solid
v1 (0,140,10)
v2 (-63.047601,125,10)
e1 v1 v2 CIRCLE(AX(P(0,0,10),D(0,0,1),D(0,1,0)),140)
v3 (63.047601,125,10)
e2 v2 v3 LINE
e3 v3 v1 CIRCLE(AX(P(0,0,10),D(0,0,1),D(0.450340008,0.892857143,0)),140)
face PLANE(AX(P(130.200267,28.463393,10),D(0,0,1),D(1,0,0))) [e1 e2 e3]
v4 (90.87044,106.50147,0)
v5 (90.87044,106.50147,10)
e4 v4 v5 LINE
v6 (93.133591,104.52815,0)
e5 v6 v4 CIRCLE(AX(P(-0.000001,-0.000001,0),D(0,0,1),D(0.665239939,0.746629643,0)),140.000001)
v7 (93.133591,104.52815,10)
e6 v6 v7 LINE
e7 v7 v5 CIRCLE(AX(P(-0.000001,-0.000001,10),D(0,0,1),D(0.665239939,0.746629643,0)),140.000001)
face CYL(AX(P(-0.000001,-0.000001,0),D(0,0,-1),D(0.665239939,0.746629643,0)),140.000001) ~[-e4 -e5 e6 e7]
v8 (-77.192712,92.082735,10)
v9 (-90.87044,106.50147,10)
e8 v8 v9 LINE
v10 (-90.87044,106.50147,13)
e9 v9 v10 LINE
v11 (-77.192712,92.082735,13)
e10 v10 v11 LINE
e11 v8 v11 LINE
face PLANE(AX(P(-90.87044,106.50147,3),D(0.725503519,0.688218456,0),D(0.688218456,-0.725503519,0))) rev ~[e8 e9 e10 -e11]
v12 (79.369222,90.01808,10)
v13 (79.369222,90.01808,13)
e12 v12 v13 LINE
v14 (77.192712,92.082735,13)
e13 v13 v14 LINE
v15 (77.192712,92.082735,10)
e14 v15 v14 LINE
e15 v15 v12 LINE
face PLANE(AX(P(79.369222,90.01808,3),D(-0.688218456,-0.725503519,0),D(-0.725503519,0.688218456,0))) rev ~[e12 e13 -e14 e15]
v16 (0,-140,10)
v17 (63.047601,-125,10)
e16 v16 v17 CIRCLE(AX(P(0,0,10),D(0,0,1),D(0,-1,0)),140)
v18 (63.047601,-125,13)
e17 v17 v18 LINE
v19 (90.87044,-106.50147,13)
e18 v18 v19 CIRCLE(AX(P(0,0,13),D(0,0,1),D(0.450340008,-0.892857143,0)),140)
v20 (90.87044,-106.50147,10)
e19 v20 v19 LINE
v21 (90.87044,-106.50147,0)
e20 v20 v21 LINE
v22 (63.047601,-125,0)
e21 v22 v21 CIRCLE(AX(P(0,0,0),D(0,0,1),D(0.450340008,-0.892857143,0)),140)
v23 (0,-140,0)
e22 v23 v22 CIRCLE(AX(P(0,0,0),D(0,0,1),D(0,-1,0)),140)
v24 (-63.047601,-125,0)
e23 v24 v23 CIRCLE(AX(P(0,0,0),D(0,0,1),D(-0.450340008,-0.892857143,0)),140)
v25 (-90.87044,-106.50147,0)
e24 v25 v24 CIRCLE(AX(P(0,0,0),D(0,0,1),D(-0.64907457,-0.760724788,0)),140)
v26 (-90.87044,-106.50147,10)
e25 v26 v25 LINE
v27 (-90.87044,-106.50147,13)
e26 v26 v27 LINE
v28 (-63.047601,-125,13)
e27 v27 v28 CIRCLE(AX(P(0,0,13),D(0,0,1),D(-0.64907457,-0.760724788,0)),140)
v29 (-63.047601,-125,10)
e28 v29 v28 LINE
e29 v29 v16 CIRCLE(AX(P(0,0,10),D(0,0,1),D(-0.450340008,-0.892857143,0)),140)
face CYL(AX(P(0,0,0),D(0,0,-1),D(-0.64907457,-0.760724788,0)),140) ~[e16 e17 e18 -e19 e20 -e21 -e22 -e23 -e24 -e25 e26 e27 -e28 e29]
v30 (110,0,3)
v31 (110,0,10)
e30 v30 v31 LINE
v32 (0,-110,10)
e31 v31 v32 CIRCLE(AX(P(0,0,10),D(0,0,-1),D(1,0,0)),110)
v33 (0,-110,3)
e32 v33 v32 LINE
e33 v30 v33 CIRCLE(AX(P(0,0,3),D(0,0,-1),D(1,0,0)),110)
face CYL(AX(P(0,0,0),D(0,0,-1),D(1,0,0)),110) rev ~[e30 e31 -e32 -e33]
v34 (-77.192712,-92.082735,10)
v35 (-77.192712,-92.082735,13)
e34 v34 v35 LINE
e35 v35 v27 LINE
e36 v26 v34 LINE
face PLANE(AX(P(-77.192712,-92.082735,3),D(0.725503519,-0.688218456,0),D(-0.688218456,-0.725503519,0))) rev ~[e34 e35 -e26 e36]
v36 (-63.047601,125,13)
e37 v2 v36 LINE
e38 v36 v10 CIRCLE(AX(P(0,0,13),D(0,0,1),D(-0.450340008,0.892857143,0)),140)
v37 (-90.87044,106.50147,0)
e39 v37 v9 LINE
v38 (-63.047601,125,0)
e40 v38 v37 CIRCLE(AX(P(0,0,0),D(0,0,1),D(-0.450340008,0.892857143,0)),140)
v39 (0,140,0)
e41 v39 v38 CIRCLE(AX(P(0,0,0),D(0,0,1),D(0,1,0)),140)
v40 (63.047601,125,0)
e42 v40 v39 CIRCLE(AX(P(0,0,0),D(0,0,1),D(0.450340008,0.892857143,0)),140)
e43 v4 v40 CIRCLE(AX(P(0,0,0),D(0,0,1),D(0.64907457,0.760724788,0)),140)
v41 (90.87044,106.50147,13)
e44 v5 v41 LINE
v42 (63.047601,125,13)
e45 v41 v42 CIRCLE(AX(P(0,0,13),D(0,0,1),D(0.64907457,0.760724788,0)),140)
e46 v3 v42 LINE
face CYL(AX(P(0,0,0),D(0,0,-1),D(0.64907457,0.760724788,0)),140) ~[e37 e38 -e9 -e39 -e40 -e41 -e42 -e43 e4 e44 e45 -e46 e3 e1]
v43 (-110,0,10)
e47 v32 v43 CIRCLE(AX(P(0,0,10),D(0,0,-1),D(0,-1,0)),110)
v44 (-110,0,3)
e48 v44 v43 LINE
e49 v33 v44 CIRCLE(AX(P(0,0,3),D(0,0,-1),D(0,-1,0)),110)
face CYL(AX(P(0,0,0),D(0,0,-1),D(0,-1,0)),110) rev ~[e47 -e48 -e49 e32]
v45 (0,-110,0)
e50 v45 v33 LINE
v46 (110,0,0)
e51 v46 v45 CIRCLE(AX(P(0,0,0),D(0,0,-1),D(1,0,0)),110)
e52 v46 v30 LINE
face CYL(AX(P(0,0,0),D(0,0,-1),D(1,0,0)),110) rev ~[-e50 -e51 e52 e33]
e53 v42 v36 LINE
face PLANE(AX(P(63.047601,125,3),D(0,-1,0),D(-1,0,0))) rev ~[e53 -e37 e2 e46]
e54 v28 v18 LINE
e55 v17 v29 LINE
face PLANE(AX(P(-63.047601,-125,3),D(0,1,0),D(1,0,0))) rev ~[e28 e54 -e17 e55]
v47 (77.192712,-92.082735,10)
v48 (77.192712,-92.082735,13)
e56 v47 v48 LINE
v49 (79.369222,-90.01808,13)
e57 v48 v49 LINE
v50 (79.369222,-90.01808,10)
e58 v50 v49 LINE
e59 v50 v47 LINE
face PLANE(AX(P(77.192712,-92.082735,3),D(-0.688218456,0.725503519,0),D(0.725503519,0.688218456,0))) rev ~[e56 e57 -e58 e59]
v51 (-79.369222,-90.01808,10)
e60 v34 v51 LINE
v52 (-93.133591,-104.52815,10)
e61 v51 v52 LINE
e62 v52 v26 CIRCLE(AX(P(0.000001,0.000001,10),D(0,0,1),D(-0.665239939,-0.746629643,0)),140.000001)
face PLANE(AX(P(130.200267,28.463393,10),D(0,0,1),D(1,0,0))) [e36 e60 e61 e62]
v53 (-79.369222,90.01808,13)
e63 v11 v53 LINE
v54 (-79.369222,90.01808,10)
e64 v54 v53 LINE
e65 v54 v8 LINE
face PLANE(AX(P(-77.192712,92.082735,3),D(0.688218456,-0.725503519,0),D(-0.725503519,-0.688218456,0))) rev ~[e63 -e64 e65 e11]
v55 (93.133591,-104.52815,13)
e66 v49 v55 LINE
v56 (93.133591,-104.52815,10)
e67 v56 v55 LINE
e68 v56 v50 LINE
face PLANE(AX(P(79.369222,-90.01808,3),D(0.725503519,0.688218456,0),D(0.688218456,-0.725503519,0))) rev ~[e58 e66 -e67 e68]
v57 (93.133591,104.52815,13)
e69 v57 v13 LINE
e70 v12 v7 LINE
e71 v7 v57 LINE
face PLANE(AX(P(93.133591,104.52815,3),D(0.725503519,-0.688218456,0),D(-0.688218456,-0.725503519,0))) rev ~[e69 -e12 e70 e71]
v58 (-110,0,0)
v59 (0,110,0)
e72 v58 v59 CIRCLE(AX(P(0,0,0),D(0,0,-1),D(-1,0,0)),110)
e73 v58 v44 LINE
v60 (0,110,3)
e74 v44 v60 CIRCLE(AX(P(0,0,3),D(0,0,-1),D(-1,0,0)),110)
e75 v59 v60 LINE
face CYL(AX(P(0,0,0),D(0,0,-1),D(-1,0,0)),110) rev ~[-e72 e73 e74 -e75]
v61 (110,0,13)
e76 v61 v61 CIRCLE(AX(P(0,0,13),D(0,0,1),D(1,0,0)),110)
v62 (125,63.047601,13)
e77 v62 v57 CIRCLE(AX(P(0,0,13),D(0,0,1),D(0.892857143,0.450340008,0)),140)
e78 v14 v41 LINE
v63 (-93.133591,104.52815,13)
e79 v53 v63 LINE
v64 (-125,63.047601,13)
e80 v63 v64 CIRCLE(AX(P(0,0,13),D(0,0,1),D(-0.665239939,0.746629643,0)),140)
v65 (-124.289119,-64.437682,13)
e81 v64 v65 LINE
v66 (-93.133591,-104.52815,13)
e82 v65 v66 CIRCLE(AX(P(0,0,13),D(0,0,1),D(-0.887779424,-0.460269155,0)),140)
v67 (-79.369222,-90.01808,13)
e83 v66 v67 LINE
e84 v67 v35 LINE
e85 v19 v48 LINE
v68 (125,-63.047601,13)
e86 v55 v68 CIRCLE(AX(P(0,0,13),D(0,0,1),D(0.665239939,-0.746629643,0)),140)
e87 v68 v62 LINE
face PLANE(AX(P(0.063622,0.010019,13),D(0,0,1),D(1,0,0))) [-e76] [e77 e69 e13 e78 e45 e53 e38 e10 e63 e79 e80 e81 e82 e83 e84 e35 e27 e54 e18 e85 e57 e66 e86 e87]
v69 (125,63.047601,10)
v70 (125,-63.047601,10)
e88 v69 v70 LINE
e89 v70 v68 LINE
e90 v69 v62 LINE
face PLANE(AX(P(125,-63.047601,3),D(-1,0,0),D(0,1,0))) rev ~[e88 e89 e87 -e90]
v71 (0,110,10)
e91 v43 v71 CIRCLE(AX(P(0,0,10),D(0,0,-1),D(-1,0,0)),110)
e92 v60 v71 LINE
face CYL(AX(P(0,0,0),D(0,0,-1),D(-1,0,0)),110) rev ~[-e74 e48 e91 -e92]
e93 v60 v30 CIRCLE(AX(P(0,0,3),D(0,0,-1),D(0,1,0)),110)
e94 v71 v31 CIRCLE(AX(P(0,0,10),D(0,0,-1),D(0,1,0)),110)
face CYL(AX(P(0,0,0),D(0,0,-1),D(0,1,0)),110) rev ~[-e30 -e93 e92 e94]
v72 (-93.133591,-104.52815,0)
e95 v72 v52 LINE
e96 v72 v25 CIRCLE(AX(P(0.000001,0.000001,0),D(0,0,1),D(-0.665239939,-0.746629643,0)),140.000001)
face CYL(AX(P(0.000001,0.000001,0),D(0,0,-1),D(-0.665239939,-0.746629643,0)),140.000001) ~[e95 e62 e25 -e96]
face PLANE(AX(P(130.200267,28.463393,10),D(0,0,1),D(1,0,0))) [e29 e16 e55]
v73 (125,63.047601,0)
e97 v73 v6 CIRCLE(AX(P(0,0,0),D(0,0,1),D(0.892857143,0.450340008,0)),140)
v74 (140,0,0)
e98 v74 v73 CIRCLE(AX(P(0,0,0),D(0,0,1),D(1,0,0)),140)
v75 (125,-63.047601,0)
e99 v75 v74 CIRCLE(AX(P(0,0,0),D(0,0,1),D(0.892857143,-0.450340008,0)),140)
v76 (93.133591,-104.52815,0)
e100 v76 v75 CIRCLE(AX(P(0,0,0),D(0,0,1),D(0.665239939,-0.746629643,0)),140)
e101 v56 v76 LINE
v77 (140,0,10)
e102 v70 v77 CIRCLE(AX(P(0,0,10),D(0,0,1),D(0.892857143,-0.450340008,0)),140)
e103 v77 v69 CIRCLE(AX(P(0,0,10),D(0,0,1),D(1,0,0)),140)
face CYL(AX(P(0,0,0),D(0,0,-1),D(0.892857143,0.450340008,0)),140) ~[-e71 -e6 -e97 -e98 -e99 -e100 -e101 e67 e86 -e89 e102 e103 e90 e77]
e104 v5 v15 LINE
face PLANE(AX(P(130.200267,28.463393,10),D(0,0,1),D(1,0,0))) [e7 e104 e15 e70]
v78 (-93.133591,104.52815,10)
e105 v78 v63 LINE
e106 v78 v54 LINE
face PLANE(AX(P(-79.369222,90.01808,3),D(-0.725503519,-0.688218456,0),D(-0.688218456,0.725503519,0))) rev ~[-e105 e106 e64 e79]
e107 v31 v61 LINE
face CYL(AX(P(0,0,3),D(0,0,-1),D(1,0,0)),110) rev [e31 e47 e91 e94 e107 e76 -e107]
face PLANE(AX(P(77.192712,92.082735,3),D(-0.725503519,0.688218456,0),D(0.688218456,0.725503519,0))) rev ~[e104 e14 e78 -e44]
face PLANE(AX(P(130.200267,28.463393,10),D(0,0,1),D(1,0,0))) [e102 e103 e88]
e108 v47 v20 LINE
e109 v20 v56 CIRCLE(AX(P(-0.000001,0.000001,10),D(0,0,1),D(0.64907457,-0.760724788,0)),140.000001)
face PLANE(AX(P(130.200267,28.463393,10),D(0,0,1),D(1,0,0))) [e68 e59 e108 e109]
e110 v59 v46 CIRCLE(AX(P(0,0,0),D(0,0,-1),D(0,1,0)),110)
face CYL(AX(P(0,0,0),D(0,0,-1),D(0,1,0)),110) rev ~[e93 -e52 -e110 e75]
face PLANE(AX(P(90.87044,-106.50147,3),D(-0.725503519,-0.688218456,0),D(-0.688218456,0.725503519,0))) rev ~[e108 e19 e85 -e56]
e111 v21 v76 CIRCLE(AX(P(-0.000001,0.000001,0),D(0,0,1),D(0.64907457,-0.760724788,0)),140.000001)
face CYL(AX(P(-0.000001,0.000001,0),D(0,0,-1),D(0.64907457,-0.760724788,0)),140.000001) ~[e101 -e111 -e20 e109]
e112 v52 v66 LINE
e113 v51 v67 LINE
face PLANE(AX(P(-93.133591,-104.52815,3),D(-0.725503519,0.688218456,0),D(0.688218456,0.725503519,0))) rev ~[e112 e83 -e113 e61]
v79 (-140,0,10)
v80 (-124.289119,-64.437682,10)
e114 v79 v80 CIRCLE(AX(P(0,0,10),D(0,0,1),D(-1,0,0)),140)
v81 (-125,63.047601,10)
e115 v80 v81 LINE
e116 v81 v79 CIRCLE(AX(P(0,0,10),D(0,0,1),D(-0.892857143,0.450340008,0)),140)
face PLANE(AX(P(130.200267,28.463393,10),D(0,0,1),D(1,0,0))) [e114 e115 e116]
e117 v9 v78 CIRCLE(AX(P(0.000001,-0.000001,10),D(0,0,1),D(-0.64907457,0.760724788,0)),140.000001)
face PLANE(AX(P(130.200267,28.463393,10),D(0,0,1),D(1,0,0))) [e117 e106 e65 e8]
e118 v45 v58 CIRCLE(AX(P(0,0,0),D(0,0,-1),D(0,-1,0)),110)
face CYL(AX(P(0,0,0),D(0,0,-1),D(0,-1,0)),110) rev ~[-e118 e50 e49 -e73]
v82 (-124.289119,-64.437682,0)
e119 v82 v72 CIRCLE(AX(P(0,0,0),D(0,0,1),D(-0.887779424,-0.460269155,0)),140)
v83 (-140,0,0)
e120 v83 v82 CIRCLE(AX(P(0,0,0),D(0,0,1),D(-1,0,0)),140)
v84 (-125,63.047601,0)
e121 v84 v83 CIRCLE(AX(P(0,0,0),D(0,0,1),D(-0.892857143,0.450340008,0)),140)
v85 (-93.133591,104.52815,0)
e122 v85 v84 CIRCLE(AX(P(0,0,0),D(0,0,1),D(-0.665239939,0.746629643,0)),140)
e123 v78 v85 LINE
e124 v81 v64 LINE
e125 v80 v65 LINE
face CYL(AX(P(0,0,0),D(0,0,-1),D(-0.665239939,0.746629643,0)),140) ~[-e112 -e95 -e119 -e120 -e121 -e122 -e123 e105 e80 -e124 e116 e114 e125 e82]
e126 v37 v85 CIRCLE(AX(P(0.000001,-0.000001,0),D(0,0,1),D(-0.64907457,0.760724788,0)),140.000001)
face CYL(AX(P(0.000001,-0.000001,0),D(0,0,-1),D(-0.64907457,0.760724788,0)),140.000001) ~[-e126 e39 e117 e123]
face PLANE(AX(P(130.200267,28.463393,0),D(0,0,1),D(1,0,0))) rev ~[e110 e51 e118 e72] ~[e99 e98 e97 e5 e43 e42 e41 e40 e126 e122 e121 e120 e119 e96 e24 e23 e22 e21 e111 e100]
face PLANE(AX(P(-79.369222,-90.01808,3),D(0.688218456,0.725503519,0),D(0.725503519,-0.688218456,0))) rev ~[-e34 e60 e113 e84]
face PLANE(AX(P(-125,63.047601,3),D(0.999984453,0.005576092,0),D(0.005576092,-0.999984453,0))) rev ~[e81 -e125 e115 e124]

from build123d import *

# Parameters (mm, degrees)
F1_DEPTH  = 3
F1_FACE_R = 110
F2_DEPTH  = 10


with BuildPart() as f1:
    # F0 (on Top) → F1 (new body)
    with BuildSketch(Plane.XY):
        with BuildLine():
            Line((125, 0), (125, 63.0476010646))
            ThreePointArc((125, 63.0476010646), (111.0212813649, 85.289360908), (93.1335914618, 104.5281499952))
            Line((93.1335914618, 104.5281499952), (79.3692223366, 90.01807961))
            Line((79.3692223366, 90.01807961), (77.1927117788, 92.0827349788))
            Line((77.1927117788, 92.0827349788), (90.8704397477, 106.5014703188))
            ThreePointArc((90.8704397477, 106.5014703188), (77.512835853, 116.5837050279), (63.0476010646, 125))
            Line((63.0476010646, 125), (0, 125))
            Line((0, 125), (0, 110))
            ThreePointArc((0, 110), (77.7817459305, 77.7817459305), (110, 0))
            Line((110, 0), (125, 0))
        make_face()
        with BuildLine():
            ThreePointArc((-110, 0), (-77.7817459305, 77.7817459305), (0, 110))
            Line((0, 110), (0, 125))
            Line((0, 125), (-63.0476010646, 125))
            ThreePointArc((-63.0476010646, 125), (-77.512835853, 116.5837050279), (-90.8704397477, 106.5014703188))
            Line((-90.8704397477, 106.5014703188), (-77.1927117788, 92.0827349788))
            Line((-77.1927117788, 92.0827349788), (-79.3692223366, 90.01807961))
            Line((-79.3692223366, 90.01807961), (-93.1335914618, 104.5281499952))
            ThreePointArc((-93.1335914618, 104.5281499952), (-111.0212813649, 85.289360908), (-125, 63.0476010646))
            Line((-125, 63.0476010646), (-124.6484353295, 0))
            Line((-124.6484353295, 0), (-110, 0))
        make_face()
        with BuildLine():
            Line((0, -125), (0, -110))
            ThreePointArc((0, -110), (-77.7817459305, -77.7817459305), (-110, 0))
            Line((-110, 0), (-124.6484353295, 0))
            Line((-124.6484353295, 0), (-124.2891193215, -64.4376816644))
            ThreePointArc((-124.2891193215, -64.4376816644), (-110.543974073, -85.9070998006), (-93.1335914618, -104.5281499952))
            Line((-93.1335914618, -104.5281499952), (-79.3692223366, -90.01807961))
            Line((-79.3692223366, -90.01807961), (-77.1927117788, -92.0827349788))
            Line((-77.1927117788, -92.0827349788), (-90.8704397477, -106.5014703188))
            ThreePointArc((-90.8704397477, -106.5014703188), (-77.512835853, -116.5837050279), (-63.0476010646, -125))
            Line((-63.0476010646, -125), (0, -125))
        make_face()
        with BuildLine():
            ThreePointArc((93.1335914618, -104.5281499952), (111.0212813649, -85.289360908), (125, -63.0476010646))
            Line((125, -63.0476010646), (125, 0))
            Line((125, 0), (110, 0))
            ThreePointArc((110, 0), (77.7817459305, -77.7817459305), (0, -110))
            Line((0, -110), (0, -125))
            Line((0, -125), (63.0476010646, -125))
            ThreePointArc((63.0476010646, -125), (77.512835853, -116.5837050279), (90.8704397477, -106.5014703188))
            Line((90.8704397477, -106.5014703188), (77.1927117788, -92.0827349788))
            Line((77.1927117788, -92.0827349788), (79.3692223366, -90.01807961))
            Line((79.3692223366, -90.01807961), (93.1335914618, -104.5281499952))
        make_face()
    extrude(amount=F1_DEPTH)

    # F0 (on Top) + F1_face (on face) → F2 (join)
    with BuildSketch(Plane.XY):
        with BuildLine():
            Line((125, 0), (140, 0))
            ThreePointArc((140, 0), (136.1983847188, 32.403703492), (125, 63.0476010646))
            Line((125, 63.0476010646), (125, 0))
        make_face()
        with BuildLine():
            ThreePointArc((125, -63.0476010646), (136.1983847188, -32.403703492), (140, 0))
            Line((140, 0), (125, 0))
            Line((125, 0), (125, -63.0476010646))
        make_face()
        with BuildLine():
            Line((125, 0), (125, 63.0476010646))
            ThreePointArc((125, 63.0476010646), (111.0212813649, 85.289360908), (93.1335914618, 104.5281499952))
            Line((93.1335914618, 104.5281499952), (79.3692223366, 90.01807961))
            Line((79.3692223366, 90.01807961), (77.1927117788, 92.0827349788))
            Line((77.1927117788, 92.0827349788), (90.8704397477, 106.5014703188))
            ThreePointArc((90.8704397477, 106.5014703188), (77.512835853, 116.5837050279), (63.0476010646, 125))
            Line((63.0476010646, 125), (0, 125))
            Line((0, 125), (0, 110))
            ThreePointArc((0, 110), (77.7817459305, 77.7817459305), (110, 0))
            Line((110, 0), (125, 0))
        make_face()
        with BuildLine():
            ThreePointArc((93.1335914618, -104.5281499952), (111.0212813649, -85.289360908), (125, -63.0476010646))
            Line((125, -63.0476010646), (125, 0))
            Line((125, 0), (110, 0))
            ThreePointArc((110, 0), (77.7817459305, -77.7817459305), (0, -110))
            Line((0, -110), (0, -125))
            Line((0, -125), (63.0476010646, -125))
            ThreePointArc((63.0476010646, -125), (77.512835853, -116.5837050279), (90.8704397477, -106.5014703188))
            Line((90.8704397477, -106.5014703188), (77.1927117788, -92.0827349788))
            Line((77.1927117788, -92.0827349788), (79.3692223366, -90.01807961))
            Line((79.3692223366, -90.01807961), (93.1335914618, -104.5281499952))
        make_face()
        with BuildLine():
            Line((90.8704397477, 106.5014703188), (93.1335914618, 104.5281499952))
            ThreePointArc((93.1335914618, 104.5281499952), (92.0073060882, 105.5208776801), (90.8704397477, 106.5014703188))
        make_face()
        Polygon((79.3692223366, 90.01807961), (93.1335914618, 104.5281499952), (90.8704397477, 106.5014703188), (77.1927117788, 92.0827349788), align=None)
        with BuildLine():
            ThreePointArc((90.8704397477, -106.5014703188), (92.0073060882, -105.5208776801), (93.1335914618, -104.5281499952))
            Line((93.1335914618, -104.5281499952), (90.8704397477, -106.5014703188))
        make_face()
        Polygon((90.8704397477, -106.5014703188), (93.1335914618, -104.5281499952), (79.3692223366, -90.01807961), (77.1927117788, -92.0827349788), align=None)
        with BuildLine():
            ThreePointArc((-110, 0), (-77.7817459305, 77.7817459305), (0, 110))
            Line((0, 110), (0, 125))
            Line((0, 125), (-63.0476010646, 125))
            ThreePointArc((-63.0476010646, 125), (-77.512835853, 116.5837050279), (-90.8704397477, 106.5014703188))
            Line((-90.8704397477, 106.5014703188), (-77.1927117788, 92.0827349788))
            Line((-77.1927117788, 92.0827349788), (-79.3692223366, 90.01807961))
            Line((-79.3692223366, 90.01807961), (-93.1335914618, 104.5281499952))
            ThreePointArc((-93.1335914618, 104.5281499952), (-111.0212813649, 85.289360908), (-125, 63.0476010646))
            Line((-125, 63.0476010646), (-124.6484353295, 0))
            Line((-124.6484353295, 0), (-110, 0))
        make_face()
        with BuildLine():
            Line((0, -125), (0, -110))
            ThreePointArc((0, -110), (-77.7817459305, -77.7817459305), (-110, 0))
            Line((-110, 0), (-124.6484353295, 0))
            Line((-124.6484353295, 0), (-124.2891193215, -64.4376816644))
            ThreePointArc((-124.2891193215, -64.4376816644), (-110.543974073, -85.9070998006), (-93.1335914618, -104.5281499952))
            Line((-93.1335914618, -104.5281499952), (-79.3692223366, -90.01807961))
            Line((-79.3692223366, -90.01807961), (-77.1927117788, -92.0827349788))
            Line((-77.1927117788, -92.0827349788), (-90.8704397477, -106.5014703188))
            ThreePointArc((-90.8704397477, -106.5014703188), (-77.512835853, -116.5837050279), (-63.0476010646, -125))
            Line((-63.0476010646, -125), (0, -125))
        make_face()
        with BuildLine():
            Line((0, 125), (63.0476010646, 125))
            ThreePointArc((63.0476010646, 125), (32.403703492, 136.1983847188), (0, 140))
            Line((0, 140), (0, 125))
        make_face()
        with BuildLine():
            ThreePointArc((0, -140), (32.403703492, -136.1983847188), (63.0476010646, -125))
            Line((63.0476010646, -125), (0, -125))
            Line((0, -125), (0, -140))
        make_face()
        with BuildLine():
            Line((-63.0476010646, 125), (0, 125))
            Line((0, 125), (0, 140))
            ThreePointArc((0, 140), (-32.403703492, 136.1983847188), (-63.0476010646, 125))
        make_face()
        with BuildLine():
            Line((0, -140), (0, -125))
            Line((0, -125), (-63.0476010646, -125))
            ThreePointArc((-63.0476010646, -125), (-32.403703492, -136.1983847188), (0, -140))
        make_face()
        with BuildLine():
            Line((-124.2891193215, -64.4376816644), (-124.6484353295, 0))
            Line((-124.6484353295, 0), (-125, 0))
            Line((-125, 0), (-140, 0))
            ThreePointArc((-140, 0), (-136.0155812858, -33.1626544096), (-124.2891193215, -64.4376816644))
        make_face()
        Polygon((-125, 0), (-124.6484353295, 0), (-125, 63.0476010646), align=None)
        with BuildLine():
            Line((-140, 0), (-125, 0))
            Line((-125, 0), (-125, 63.0476010646))
            ThreePointArc((-125, 63.0476010646), (-136.1983847188, 32.403703492), (-140, 0))
        make_face()
        with BuildLine():
            Line((-93.1335914618, 104.5281499952), (-90.8704397477, 106.5014703188))
            ThreePointArc((-90.8704397477, 106.5014703188), (-92.0073060882, 105.5208776801), (-93.1335914618, 104.5281499952))
        make_face()
        Polygon((-77.1927117788, 92.0827349788), (-90.8704397477, 106.5014703188), (-93.1335914618, 104.5281499952), (-79.3692223366, 90.01807961), align=None)
        Polygon((-93.1335914618, -104.5281499952), (-90.8704397477, -106.5014703188), (-77.1927117788, -92.0827349788), (-79.3692223366, -90.01807961), align=None)
        with BuildLine():
            ThreePointArc((-93.1335914618, -104.5281499952), (-92.0073060882, -105.5208776801), (-90.8704397477, -106.5014703188))
            Line((-90.8704397477, -106.5014703188), (-93.1335914618, -104.5281499952))
        make_face()
    with BuildSketch(Plane(origin=(0.3076396833, 0.0529685728, 3), x_dir=(1, 0, 0), z_dir=(0, 0, 1))):
        with BuildLine():
            ThreePointArc((124.6923603167, 62.9946324918), (110.7136416816, 85.2363923352), (92.8259517786, 104.4751814224))
            Line((92.8259517786, 104.4751814224), (79.0615826533, 89.9651110372))
            Line((79.0615826533, 89.9651110372), (76.8850720955, 92.029766406))
            Line((76.8850720955, 92.029766406), (90.5628000645, 106.448501746))
            ThreePointArc((90.5628000645, 106.448501746), (77.2051961697, 116.5307364551), (62.7399613813, 124.9470314272))
            Line((62.7399613813, 124.9470314272), (-63.3552407479, 124.9470314272))
            ThreePointArc((-63.3552407479, 124.9470314272), (-77.8204755362, 116.5307364551), (-91.178079431, 106.448501746))
            Line((-91.178079431, 106.448501746), (-77.5003514621, 92.029766406))
            Line((-77.5003514621, 92.029766406), (-79.6768620198, 89.9651110372))
            Line((-79.6768620198, 89.9651110372), (-93.4412311451, 104.4751814224))
            ThreePointArc((-93.4412311451, 104.4751814224), (-111.3289210482, 85.2363923352), (-125.3076396833, 62.9946324918))
            Line((-125.3076396833, 62.9946324918), (-124.5967590048, -64.4906502372))
            ThreePointArc((-124.5967590048, -64.4906502372), (-110.8516137562, -85.9600683734), (-93.4412311451, -104.581118568))
            Line((-93.4412311451, -104.581118568), (-79.6768620198, -90.0710481828))
            Line((-79.6768620198, -90.0710481828), (-77.5003514621, -92.1357035515))
            Line((-77.5003514621, -92.1357035515), (-91.178079431, -106.5544388915))
            ThreePointArc((-91.178079431, -106.5544388915), (-77.8204755362, -116.6366736007), (-63.3552407479, -125.0529685728))
            Line((-63.3552407479, -125.0529685728), (62.7399613813, -125.0529685728))
            ThreePointArc((62.7399613813, -125.0529685728), (77.2051961697, -116.6366736007), (90.5628000645, -106.5544388915))
            Line((90.5628000645, -106.5544388915), (76.8850720955, -92.1357035515))
            Line((76.8850720955, -92.1357035515), (79.0615826533, -90.0710481828))
            Line((79.0615826533, -90.0710481828), (92.8259517786, -104.581118568))
            ThreePointArc((92.8259517786, -104.581118568), (110.7136416816, -85.3423294808), (124.6923603167, -63.1005696374))
            Line((124.6923603167, -63.1005696374), (124.6923603167, 62.9946324918))
        make_face()
        with Locations((-0.3076396833, -0.0529685728)):
            Circle(F1_FACE_R, mode=Mode.SUBTRACT)
    extrude(amount=F2_DEPTH)


solid = f1.part
